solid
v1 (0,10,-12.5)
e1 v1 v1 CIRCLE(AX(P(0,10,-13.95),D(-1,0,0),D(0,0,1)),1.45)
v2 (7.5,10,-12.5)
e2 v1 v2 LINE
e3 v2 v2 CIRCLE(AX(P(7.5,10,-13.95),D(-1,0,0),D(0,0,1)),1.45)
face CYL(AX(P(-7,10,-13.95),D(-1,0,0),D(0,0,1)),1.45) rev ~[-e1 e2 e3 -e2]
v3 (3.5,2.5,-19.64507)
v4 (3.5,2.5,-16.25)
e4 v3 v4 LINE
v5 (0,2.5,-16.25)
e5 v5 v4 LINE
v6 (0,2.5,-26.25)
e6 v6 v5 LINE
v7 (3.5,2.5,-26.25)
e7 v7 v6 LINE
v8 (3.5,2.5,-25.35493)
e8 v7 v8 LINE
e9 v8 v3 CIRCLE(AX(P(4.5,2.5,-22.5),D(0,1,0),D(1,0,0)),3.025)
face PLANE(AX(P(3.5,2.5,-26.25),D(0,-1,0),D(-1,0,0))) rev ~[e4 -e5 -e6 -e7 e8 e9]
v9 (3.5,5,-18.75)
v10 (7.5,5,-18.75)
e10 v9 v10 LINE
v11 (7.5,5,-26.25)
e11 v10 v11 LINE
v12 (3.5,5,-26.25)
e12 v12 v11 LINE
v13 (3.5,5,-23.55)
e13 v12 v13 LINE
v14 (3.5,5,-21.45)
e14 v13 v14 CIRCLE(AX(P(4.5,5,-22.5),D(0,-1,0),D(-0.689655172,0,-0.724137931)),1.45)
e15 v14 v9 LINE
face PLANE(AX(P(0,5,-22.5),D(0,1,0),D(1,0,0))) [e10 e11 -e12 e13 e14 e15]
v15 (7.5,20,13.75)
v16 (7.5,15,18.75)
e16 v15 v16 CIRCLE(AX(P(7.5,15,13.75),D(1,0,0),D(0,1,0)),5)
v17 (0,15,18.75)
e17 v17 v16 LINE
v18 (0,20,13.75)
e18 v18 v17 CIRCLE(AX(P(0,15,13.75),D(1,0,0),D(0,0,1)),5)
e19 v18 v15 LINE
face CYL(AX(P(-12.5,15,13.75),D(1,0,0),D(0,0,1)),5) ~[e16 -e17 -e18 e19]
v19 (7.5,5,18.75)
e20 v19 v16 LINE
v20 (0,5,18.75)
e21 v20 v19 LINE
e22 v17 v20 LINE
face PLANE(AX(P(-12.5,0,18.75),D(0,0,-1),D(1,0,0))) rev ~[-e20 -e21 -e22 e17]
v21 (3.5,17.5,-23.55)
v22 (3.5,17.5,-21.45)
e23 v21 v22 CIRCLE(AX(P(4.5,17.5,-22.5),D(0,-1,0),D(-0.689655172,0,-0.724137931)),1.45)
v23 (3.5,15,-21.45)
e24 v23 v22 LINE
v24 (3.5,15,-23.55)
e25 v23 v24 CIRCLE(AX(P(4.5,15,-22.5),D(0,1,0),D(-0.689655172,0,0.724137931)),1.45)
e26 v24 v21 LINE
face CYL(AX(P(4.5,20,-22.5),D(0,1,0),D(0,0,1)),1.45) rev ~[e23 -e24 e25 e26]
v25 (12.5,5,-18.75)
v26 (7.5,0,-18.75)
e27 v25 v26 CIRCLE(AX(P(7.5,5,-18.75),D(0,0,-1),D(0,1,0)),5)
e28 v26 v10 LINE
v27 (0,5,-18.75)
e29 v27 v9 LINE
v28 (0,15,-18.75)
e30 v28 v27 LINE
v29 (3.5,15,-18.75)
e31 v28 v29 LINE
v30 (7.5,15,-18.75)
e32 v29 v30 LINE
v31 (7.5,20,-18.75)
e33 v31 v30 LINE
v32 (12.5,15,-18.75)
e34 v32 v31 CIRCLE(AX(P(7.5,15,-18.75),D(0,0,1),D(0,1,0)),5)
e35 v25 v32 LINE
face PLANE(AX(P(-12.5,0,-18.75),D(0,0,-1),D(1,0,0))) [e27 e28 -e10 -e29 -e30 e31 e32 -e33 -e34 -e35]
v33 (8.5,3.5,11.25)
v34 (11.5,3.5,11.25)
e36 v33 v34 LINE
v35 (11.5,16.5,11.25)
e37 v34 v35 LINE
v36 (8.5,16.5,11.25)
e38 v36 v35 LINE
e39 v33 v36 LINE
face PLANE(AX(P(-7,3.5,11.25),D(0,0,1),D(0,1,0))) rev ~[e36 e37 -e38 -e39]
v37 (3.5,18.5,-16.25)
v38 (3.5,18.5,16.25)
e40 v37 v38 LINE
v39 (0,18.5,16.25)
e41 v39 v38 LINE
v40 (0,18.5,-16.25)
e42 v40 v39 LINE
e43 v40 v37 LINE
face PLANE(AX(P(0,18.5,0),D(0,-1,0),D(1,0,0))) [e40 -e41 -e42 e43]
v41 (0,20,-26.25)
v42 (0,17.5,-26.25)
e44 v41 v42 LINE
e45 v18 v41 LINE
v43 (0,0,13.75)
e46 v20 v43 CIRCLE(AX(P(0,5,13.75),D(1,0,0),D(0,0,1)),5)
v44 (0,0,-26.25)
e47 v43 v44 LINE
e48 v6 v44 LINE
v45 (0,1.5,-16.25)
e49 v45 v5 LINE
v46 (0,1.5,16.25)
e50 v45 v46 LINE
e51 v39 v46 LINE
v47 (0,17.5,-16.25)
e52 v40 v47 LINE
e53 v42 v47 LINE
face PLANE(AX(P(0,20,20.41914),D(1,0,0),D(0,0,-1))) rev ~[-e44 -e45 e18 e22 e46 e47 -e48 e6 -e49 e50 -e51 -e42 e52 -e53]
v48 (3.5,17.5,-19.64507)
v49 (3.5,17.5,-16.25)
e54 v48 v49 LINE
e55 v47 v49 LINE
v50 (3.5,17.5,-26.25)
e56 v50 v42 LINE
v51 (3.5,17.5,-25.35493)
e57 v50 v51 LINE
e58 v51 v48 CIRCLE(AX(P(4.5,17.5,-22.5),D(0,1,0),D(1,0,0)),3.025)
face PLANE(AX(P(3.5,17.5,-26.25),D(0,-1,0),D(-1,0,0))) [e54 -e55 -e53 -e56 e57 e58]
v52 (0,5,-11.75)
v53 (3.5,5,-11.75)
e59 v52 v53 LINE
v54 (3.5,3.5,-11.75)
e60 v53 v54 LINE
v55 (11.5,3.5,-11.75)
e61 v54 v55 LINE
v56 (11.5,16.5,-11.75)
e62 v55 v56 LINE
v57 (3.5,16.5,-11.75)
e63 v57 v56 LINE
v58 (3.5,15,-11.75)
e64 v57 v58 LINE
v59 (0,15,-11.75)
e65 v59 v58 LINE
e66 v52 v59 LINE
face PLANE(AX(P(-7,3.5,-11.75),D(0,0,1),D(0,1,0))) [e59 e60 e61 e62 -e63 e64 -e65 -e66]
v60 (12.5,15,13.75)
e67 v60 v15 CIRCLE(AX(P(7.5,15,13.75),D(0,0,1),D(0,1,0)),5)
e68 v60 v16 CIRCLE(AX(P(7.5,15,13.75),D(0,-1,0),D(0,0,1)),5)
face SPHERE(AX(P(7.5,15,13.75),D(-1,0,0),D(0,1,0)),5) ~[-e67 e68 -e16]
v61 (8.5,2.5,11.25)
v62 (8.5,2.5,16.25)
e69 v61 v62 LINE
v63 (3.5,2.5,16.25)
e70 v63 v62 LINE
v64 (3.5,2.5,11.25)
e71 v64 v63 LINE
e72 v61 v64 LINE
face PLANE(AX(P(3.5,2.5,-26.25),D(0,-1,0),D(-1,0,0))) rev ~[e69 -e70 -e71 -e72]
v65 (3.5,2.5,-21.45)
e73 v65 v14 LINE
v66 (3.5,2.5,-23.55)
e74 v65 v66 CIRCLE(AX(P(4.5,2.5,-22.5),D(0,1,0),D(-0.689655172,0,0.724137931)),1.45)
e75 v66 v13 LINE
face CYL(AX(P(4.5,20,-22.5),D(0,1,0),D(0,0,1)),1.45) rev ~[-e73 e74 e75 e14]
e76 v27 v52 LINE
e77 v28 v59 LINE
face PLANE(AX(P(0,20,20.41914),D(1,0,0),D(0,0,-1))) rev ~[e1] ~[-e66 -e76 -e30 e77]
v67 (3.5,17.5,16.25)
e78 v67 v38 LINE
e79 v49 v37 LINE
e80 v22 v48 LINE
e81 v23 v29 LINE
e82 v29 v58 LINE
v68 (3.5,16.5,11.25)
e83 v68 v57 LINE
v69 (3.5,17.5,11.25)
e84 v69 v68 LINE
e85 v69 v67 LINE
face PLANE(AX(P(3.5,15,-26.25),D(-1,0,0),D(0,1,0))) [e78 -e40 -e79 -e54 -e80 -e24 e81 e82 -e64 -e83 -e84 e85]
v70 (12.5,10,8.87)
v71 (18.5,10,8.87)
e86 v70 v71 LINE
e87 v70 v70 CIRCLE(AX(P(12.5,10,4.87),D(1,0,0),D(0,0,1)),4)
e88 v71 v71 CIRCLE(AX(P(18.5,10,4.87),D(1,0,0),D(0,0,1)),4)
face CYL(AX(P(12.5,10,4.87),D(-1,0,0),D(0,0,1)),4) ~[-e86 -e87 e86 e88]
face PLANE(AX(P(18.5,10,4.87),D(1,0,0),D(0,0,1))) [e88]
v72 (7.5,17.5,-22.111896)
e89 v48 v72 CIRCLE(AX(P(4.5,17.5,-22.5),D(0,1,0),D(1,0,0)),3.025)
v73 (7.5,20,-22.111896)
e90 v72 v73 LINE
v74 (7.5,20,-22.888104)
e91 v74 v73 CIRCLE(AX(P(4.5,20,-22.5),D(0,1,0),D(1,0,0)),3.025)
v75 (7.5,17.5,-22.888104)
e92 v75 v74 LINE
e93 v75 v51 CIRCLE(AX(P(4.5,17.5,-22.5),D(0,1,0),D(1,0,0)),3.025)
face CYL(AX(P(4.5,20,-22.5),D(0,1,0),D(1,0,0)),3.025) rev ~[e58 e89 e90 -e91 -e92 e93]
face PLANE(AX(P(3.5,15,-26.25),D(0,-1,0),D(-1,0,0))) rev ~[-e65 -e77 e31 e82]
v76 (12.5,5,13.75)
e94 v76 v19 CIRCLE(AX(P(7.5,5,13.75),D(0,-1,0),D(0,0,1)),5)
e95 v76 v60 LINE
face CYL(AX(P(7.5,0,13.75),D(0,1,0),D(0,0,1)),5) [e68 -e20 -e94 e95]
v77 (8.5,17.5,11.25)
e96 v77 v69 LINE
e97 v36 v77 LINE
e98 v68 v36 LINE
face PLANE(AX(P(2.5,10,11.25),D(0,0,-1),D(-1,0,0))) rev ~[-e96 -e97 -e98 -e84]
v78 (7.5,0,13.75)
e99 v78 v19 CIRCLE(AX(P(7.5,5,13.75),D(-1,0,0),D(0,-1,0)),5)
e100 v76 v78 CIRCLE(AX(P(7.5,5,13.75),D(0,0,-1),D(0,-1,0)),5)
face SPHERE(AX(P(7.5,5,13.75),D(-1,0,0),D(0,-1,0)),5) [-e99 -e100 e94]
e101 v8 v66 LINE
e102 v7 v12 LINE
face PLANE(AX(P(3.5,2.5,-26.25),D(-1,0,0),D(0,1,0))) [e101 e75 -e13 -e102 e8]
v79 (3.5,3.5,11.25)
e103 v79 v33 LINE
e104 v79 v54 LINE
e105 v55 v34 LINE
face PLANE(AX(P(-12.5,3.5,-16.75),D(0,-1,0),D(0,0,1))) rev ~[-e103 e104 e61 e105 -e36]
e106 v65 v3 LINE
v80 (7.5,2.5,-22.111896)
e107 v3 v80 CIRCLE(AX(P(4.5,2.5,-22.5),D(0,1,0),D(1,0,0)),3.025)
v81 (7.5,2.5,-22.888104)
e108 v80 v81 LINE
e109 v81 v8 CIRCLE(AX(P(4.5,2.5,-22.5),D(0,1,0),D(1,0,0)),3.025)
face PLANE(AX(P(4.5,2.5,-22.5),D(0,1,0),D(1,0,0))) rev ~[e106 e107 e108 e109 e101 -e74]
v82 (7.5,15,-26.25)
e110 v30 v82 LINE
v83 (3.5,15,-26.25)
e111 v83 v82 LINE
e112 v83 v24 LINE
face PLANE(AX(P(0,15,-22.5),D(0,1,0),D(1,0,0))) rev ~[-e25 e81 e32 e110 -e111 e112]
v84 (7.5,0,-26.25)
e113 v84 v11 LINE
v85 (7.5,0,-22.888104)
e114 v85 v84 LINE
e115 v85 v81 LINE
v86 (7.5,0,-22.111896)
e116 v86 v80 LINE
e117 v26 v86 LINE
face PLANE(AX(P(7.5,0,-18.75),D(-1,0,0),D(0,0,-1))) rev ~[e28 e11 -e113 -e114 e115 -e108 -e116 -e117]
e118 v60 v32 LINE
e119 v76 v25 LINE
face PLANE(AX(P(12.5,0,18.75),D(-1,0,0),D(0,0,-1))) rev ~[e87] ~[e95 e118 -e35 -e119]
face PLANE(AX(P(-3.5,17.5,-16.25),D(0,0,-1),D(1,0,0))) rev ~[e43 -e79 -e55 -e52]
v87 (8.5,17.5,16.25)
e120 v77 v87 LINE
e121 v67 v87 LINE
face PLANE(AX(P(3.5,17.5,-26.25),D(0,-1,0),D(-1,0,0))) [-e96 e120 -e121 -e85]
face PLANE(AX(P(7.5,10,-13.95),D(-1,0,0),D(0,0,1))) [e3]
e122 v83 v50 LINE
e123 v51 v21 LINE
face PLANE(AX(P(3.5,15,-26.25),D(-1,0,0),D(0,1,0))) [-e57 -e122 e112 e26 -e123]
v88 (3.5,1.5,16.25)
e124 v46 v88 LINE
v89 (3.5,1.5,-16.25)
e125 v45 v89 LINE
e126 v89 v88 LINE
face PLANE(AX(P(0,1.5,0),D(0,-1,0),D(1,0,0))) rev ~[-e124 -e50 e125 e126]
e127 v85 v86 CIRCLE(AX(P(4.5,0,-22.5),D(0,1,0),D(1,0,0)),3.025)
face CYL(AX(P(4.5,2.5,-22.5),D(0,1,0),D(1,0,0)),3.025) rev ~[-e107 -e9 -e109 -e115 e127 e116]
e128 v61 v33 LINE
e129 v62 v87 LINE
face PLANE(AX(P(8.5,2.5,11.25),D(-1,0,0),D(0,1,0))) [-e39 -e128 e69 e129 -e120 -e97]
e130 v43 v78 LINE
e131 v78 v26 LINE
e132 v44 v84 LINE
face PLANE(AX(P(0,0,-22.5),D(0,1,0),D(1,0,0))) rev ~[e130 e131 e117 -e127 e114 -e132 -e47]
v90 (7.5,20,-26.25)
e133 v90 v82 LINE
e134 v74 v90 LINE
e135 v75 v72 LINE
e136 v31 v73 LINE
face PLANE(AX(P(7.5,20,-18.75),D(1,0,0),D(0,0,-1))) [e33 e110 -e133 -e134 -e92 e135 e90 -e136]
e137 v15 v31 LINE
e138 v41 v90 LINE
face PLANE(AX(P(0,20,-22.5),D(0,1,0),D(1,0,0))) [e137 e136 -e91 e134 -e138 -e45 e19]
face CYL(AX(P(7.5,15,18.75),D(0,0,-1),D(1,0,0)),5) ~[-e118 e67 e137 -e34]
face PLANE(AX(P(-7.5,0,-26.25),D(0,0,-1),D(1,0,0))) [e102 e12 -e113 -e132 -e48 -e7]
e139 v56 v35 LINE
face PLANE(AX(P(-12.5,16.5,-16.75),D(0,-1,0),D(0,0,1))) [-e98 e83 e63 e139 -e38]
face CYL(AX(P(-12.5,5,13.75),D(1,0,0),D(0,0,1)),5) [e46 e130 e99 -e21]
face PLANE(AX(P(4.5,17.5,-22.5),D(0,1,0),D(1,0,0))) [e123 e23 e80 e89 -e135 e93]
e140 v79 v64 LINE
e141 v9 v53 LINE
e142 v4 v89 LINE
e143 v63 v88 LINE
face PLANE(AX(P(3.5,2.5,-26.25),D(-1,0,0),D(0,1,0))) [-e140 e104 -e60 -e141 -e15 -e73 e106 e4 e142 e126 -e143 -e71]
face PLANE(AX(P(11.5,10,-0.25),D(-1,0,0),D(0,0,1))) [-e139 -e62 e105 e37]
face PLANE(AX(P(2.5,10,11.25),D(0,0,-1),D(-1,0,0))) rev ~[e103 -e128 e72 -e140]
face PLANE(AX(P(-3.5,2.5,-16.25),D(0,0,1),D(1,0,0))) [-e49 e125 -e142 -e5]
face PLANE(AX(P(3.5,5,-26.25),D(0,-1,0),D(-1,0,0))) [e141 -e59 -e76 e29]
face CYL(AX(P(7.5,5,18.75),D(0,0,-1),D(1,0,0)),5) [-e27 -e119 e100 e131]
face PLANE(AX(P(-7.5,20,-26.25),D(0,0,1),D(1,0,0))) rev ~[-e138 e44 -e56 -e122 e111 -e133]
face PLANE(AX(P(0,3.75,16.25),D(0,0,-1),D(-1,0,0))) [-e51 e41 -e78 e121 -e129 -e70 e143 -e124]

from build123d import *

# Parameters (mm, degrees)
SKETCH_1_W           = 25
SKETCH_1_H           = 37.5
EXTRUDE_1_DEPTH      = 20
FILLET_1_R           = 5
SKETCH_2_W           = 15
SKETCH_2_H           = 7.5
EXTRUDE_2_DEPTH      = 5
EXTRUDE_START        = -20
SKETCH_2_2_W         = 15
SKETCH_2_2_H         = 7.5
EXTRUDE_3_DEPTH      = 5
SKETCH_3_R           = 1.45
CUT_EXTRUDE_1_DEPTH  = 20
SKETCH_4_R           = 3.025
CUT_EXTRUDE_3_DEPTH  = 2.5
CUT_EXTRUDE_START    = -17.5
SKETCH_4_2_R         = 3.025
CUT_EXTRUDE_4_DEPTH  = 2.5
SKETCH_5_W           = 33
SKETCH_5_H           = 13
CUT_EXTRUDE_5_DEPTH  = 5.5
SKETCH_6_W           = 23
SKETCH_6_H           = 13
CUT_EXTRUDE_6_DEPTH  = 18.5
SKETCH_7_R           = 1.45
CUT_EXTRUDE_7_DEPTH  = 14.5
SKETCH_8_W           = 7
SKETCH_8_H           = 2.5
CUT_EXTRUDE_8_DEPTH  = 42.5
SKETCH_9_W           = 12
SKETCH_9_H           = 15
CUT_EXTRUDE_9_DEPTH  = 5
SKETCH_10_W          = 7
SKETCH_10_H          = 32.5
CUT_EXTRUDE_10_DEPTH = 1
CUT_EXTRUDE_START_2  = 15
SKETCH_10_2_W        = 7
SKETCH_10_2_H        = 32.5
CUT_EXTRUDE_11_DEPTH = 1
CUT_EXTRUDE_12_REACH = 40.332
SKETCH_11_R          = 3
SKETCH_12_R          = 4
EXTRUDE_4_DEPTH      = 6
SKETCH_13_W          = 15.131342966
SKETCH_13_H          = 46.669139603
CUT_EXTRUDE_13_DEPTH = 23


with BuildPart() as part:
    # Эскиз1 → Бобышка-Вытянуть1 (new body)
    with BuildSketch(Plane(origin=(0, 0, 0), x_dir=(1, 0, 0), z_dir=(0, 1, 0))):
        Rectangle(SKETCH_1_W, SKETCH_1_H)
    extrude(amount=EXTRUDE_1_DEPTH)

    # Скругление1
    fillet_1_edges = [part.edges().sort_by_distance(p)[0] for p in [
        (-12.5, 20, 0),
        (0, 20, 18.75),
        (12.5, 20, 0),
        (0, 0, 18.75),
        (-12.5, 0, 0),
        (12.5, 0, 0),
        (12.5, 10, 18.75),
        (-12.5, 10, 18.75),
    ]]
    fillet(fillet_1_edges, radius=FILLET_1_R)

    # Эскиз2 → Бобышка-Вытянуть2 (add)
    with BuildSketch(Plane(origin=(0, 20, 0), x_dir=(1, 0, 0), z_dir=(0, 1, 0))):
        with Locations((0, 22.5)):
            Rectangle(SKETCH_2_W, SKETCH_2_H)
    extrude(amount=-EXTRUDE_2_DEPTH)

    # Эскиз2<2> → Бобышка-Вытянуть3 (add)
    with BuildSketch(Plane(origin=(0, 20, 0), x_dir=(1, 0, 0), z_dir=(0, 1, 0)).offset(EXTRUDE_START)):
        with Locations((0, 22.5)):
            Rectangle(SKETCH_2_2_W, SKETCH_2_2_H)
    extrude(amount=EXTRUDE_3_DEPTH)

    # Эскиз3 → Вырез-Вытянуть1 (cut)
    with BuildSketch(Plane(origin=(0, 20, 0), x_dir=(1, 0, 0), z_dir=(0, 1, 0))):
        with Locations(Location((-4.5, 22.5, 0), (0, 0, 270))):
            Circle(SKETCH_3_R)
        with Locations(Location((4.5, 22.5, 0), (0, 0, 270))):
            Circle(SKETCH_3_R)
    extrude(amount=-CUT_EXTRUDE_1_DEPTH, mode=Mode.SUBTRACT)

    # Эскиз4 → Вырез-Вытянуть3 (cut)
    with BuildSketch(Plane(origin=(0, 20, 0), x_dir=(1, 0, 0), z_dir=(0, 1, 0))):
        with Locations((-4.5, 22.5)):
            Circle(SKETCH_4_R)
        with Locations((4.5, 22.5)):
            Circle(SKETCH_4_R)
    extrude(amount=-CUT_EXTRUDE_3_DEPTH, mode=Mode.SUBTRACT)

    # Эскиз4<2> → Вырез-Вытянуть4 (cut)
    with BuildSketch(Plane(origin=(0, 20, 0), x_dir=(1, 0, 0), z_dir=(0, 1, 0)).offset(CUT_EXTRUDE_START)):
        with Locations((-4.5, 22.5)):
            Circle(SKETCH_4_2_R)
        with Locations((4.5, 22.5)):
            Circle(SKETCH_4_2_R)
    extrude(amount=-CUT_EXTRUDE_4_DEPTH, mode=Mode.SUBTRACT)

    # Эскиз5 → Вырез-Вытянуть5 (cut)
    with BuildSketch(Plane.ZY.offset(12.5)):
        with Locations((-0.25, 10)):
            Rectangle(SKETCH_5_W, SKETCH_5_H)
    extrude(amount=-CUT_EXTRUDE_5_DEPTH, mode=Mode.SUBTRACT)

    # Эскиз6 → Вырез-Вытянуть6 (cut)
    with BuildSketch(Plane.ZY.offset(7)):
        with Locations((-0.25, 10)):
            Rectangle(SKETCH_6_W, SKETCH_6_H)
    extrude(amount=-CUT_EXTRUDE_6_DEPTH, mode=Mode.SUBTRACT)

    # Эскиз7 → Вырез-Вытянуть7 (cut)
    with BuildSketch(Plane.ZY.offset(7)):
        with Locations((-13.95, 10)):
            Circle(SKETCH_7_R)
        with Locations((13.45, 10)):
            Circle(SKETCH_7_R)
    extrude(amount=-CUT_EXTRUDE_7_DEPTH, mode=Mode.SUBTRACT)

    # Эскиз8 → Вырез-Вытянуть8 (cut)
    with BuildSketch(Plane(origin=(0, 0, -26.25), x_dir=(-1, 0, 0), z_dir=(0, 0, -1))):
        with Locations((0, 16.25)):
            Rectangle(SKETCH_8_W, SKETCH_8_H)
        with Locations((0, 3.75)):
            Rectangle(SKETCH_8_W, SKETCH_8_H)
    extrude(amount=-CUT_EXTRUDE_8_DEPTH, mode=Mode.SUBTRACT)

    # Эскиз9 → Вырез-Вытянуть9 (cut)
    with BuildSketch(Plane(origin=(0, 0, 11.25), x_dir=(-1, 0, 0), z_dir=(0, 0, -1))):
        with Locations((-2.5, 10)):
            Rectangle(SKETCH_9_W, SKETCH_9_H)
    extrude(amount=-CUT_EXTRUDE_9_DEPTH, mode=Mode.SUBTRACT)

    # Эскиз10 → Вырез-Вытянуть10 (cut)
    with BuildSketch(Plane.XZ.offset(-17.5)):
        Rectangle(SKETCH_10_W, SKETCH_10_H)
    extrude(amount=-CUT_EXTRUDE_10_DEPTH, mode=Mode.SUBTRACT)

    # Эскиз10<2> → Вырез-Вытянуть11 (cut)
    with BuildSketch(Plane.XZ.offset(-17.5).offset(CUT_EXTRUDE_START_2)):
        Rectangle(SKETCH_10_2_W, SKETCH_10_2_H)
    extrude(amount=CUT_EXTRUDE_11_DEPTH, mode=Mode.SUBTRACT)

    # Вырез-Вытянуть12: up to this face of the body (flat: up to its plane)
    cut_extrude_12_end = Plane(part.part.faces().sort_by_distance((-12.5, 10, -17.75))[0])
    # Эскиз11 → Вырез-Вытянуть12 (cut, up to the picked face)
    with BuildSketch(Plane.ZY.offset(7), mode=Mode.PRIVATE) as cut_extrude_12_sk1:
        with Locations((-13.95, 10)):
            Circle(SKETCH_11_R)
    cut_extrude_12_tool1 = split(extrude(cut_extrude_12_sk1.sketch, amount=CUT_EXTRUDE_12_REACH, mode=Mode.PRIVATE), bisect_by=cut_extrude_12_end, keep=Keep.BOTH, mode=Mode.PRIVATE)
    # Эскиз11 → Вырез-Вытянуть12 (cut, up to the picked face)
    with BuildSketch(Plane.ZY.offset(7), mode=Mode.PRIVATE) as cut_extrude_12_sk2:
        with Locations((13.45, 10)):
            Circle(SKETCH_11_R)
    cut_extrude_12_tool2 = split(extrude(cut_extrude_12_sk2.sketch, amount=CUT_EXTRUDE_12_REACH, mode=Mode.PRIVATE), bisect_by=cut_extrude_12_end, keep=Keep.BOTH, mode=Mode.PRIVATE)
    add(cut_extrude_12_tool1.solids().sort_by(Axis((-7, 10, -13.95), (-1, 0, 0)))[0], mode=Mode.SUBTRACT)
    add(cut_extrude_12_tool2.solids().sort_by(Axis((-7, 10, 13.45), (-1, 0, 0)))[0], mode=Mode.SUBTRACT)

    # Эскиз12 → Бобышка-Вытянуть4 (add)
    with BuildSketch(Plane(origin=(12.5, 0, 0), x_dir=(0, 0, -1), z_dir=(1, 0, 0))):
        with Locations(Location((-4.87, 10, 0), (0, 0, 180))):
            Circle(SKETCH_12_R)
    extrude(amount=EXTRUDE_4_DEPTH)

    # Эскиз13 → Вырез-Вытянуть13 (cut)
    with BuildSketch(Plane(origin=(0, 20, 0), x_dir=(1, 0, 0), z_dir=(0, 1, 0))):
        with Locations((-7.565671483, 2.915430198)):
            Rectangle(SKETCH_13_W, SKETCH_13_H)
    extrude(amount=-CUT_EXTRUDE_13_DEPTH, mode=Mode.SUBTRACT)


solid = part.part
